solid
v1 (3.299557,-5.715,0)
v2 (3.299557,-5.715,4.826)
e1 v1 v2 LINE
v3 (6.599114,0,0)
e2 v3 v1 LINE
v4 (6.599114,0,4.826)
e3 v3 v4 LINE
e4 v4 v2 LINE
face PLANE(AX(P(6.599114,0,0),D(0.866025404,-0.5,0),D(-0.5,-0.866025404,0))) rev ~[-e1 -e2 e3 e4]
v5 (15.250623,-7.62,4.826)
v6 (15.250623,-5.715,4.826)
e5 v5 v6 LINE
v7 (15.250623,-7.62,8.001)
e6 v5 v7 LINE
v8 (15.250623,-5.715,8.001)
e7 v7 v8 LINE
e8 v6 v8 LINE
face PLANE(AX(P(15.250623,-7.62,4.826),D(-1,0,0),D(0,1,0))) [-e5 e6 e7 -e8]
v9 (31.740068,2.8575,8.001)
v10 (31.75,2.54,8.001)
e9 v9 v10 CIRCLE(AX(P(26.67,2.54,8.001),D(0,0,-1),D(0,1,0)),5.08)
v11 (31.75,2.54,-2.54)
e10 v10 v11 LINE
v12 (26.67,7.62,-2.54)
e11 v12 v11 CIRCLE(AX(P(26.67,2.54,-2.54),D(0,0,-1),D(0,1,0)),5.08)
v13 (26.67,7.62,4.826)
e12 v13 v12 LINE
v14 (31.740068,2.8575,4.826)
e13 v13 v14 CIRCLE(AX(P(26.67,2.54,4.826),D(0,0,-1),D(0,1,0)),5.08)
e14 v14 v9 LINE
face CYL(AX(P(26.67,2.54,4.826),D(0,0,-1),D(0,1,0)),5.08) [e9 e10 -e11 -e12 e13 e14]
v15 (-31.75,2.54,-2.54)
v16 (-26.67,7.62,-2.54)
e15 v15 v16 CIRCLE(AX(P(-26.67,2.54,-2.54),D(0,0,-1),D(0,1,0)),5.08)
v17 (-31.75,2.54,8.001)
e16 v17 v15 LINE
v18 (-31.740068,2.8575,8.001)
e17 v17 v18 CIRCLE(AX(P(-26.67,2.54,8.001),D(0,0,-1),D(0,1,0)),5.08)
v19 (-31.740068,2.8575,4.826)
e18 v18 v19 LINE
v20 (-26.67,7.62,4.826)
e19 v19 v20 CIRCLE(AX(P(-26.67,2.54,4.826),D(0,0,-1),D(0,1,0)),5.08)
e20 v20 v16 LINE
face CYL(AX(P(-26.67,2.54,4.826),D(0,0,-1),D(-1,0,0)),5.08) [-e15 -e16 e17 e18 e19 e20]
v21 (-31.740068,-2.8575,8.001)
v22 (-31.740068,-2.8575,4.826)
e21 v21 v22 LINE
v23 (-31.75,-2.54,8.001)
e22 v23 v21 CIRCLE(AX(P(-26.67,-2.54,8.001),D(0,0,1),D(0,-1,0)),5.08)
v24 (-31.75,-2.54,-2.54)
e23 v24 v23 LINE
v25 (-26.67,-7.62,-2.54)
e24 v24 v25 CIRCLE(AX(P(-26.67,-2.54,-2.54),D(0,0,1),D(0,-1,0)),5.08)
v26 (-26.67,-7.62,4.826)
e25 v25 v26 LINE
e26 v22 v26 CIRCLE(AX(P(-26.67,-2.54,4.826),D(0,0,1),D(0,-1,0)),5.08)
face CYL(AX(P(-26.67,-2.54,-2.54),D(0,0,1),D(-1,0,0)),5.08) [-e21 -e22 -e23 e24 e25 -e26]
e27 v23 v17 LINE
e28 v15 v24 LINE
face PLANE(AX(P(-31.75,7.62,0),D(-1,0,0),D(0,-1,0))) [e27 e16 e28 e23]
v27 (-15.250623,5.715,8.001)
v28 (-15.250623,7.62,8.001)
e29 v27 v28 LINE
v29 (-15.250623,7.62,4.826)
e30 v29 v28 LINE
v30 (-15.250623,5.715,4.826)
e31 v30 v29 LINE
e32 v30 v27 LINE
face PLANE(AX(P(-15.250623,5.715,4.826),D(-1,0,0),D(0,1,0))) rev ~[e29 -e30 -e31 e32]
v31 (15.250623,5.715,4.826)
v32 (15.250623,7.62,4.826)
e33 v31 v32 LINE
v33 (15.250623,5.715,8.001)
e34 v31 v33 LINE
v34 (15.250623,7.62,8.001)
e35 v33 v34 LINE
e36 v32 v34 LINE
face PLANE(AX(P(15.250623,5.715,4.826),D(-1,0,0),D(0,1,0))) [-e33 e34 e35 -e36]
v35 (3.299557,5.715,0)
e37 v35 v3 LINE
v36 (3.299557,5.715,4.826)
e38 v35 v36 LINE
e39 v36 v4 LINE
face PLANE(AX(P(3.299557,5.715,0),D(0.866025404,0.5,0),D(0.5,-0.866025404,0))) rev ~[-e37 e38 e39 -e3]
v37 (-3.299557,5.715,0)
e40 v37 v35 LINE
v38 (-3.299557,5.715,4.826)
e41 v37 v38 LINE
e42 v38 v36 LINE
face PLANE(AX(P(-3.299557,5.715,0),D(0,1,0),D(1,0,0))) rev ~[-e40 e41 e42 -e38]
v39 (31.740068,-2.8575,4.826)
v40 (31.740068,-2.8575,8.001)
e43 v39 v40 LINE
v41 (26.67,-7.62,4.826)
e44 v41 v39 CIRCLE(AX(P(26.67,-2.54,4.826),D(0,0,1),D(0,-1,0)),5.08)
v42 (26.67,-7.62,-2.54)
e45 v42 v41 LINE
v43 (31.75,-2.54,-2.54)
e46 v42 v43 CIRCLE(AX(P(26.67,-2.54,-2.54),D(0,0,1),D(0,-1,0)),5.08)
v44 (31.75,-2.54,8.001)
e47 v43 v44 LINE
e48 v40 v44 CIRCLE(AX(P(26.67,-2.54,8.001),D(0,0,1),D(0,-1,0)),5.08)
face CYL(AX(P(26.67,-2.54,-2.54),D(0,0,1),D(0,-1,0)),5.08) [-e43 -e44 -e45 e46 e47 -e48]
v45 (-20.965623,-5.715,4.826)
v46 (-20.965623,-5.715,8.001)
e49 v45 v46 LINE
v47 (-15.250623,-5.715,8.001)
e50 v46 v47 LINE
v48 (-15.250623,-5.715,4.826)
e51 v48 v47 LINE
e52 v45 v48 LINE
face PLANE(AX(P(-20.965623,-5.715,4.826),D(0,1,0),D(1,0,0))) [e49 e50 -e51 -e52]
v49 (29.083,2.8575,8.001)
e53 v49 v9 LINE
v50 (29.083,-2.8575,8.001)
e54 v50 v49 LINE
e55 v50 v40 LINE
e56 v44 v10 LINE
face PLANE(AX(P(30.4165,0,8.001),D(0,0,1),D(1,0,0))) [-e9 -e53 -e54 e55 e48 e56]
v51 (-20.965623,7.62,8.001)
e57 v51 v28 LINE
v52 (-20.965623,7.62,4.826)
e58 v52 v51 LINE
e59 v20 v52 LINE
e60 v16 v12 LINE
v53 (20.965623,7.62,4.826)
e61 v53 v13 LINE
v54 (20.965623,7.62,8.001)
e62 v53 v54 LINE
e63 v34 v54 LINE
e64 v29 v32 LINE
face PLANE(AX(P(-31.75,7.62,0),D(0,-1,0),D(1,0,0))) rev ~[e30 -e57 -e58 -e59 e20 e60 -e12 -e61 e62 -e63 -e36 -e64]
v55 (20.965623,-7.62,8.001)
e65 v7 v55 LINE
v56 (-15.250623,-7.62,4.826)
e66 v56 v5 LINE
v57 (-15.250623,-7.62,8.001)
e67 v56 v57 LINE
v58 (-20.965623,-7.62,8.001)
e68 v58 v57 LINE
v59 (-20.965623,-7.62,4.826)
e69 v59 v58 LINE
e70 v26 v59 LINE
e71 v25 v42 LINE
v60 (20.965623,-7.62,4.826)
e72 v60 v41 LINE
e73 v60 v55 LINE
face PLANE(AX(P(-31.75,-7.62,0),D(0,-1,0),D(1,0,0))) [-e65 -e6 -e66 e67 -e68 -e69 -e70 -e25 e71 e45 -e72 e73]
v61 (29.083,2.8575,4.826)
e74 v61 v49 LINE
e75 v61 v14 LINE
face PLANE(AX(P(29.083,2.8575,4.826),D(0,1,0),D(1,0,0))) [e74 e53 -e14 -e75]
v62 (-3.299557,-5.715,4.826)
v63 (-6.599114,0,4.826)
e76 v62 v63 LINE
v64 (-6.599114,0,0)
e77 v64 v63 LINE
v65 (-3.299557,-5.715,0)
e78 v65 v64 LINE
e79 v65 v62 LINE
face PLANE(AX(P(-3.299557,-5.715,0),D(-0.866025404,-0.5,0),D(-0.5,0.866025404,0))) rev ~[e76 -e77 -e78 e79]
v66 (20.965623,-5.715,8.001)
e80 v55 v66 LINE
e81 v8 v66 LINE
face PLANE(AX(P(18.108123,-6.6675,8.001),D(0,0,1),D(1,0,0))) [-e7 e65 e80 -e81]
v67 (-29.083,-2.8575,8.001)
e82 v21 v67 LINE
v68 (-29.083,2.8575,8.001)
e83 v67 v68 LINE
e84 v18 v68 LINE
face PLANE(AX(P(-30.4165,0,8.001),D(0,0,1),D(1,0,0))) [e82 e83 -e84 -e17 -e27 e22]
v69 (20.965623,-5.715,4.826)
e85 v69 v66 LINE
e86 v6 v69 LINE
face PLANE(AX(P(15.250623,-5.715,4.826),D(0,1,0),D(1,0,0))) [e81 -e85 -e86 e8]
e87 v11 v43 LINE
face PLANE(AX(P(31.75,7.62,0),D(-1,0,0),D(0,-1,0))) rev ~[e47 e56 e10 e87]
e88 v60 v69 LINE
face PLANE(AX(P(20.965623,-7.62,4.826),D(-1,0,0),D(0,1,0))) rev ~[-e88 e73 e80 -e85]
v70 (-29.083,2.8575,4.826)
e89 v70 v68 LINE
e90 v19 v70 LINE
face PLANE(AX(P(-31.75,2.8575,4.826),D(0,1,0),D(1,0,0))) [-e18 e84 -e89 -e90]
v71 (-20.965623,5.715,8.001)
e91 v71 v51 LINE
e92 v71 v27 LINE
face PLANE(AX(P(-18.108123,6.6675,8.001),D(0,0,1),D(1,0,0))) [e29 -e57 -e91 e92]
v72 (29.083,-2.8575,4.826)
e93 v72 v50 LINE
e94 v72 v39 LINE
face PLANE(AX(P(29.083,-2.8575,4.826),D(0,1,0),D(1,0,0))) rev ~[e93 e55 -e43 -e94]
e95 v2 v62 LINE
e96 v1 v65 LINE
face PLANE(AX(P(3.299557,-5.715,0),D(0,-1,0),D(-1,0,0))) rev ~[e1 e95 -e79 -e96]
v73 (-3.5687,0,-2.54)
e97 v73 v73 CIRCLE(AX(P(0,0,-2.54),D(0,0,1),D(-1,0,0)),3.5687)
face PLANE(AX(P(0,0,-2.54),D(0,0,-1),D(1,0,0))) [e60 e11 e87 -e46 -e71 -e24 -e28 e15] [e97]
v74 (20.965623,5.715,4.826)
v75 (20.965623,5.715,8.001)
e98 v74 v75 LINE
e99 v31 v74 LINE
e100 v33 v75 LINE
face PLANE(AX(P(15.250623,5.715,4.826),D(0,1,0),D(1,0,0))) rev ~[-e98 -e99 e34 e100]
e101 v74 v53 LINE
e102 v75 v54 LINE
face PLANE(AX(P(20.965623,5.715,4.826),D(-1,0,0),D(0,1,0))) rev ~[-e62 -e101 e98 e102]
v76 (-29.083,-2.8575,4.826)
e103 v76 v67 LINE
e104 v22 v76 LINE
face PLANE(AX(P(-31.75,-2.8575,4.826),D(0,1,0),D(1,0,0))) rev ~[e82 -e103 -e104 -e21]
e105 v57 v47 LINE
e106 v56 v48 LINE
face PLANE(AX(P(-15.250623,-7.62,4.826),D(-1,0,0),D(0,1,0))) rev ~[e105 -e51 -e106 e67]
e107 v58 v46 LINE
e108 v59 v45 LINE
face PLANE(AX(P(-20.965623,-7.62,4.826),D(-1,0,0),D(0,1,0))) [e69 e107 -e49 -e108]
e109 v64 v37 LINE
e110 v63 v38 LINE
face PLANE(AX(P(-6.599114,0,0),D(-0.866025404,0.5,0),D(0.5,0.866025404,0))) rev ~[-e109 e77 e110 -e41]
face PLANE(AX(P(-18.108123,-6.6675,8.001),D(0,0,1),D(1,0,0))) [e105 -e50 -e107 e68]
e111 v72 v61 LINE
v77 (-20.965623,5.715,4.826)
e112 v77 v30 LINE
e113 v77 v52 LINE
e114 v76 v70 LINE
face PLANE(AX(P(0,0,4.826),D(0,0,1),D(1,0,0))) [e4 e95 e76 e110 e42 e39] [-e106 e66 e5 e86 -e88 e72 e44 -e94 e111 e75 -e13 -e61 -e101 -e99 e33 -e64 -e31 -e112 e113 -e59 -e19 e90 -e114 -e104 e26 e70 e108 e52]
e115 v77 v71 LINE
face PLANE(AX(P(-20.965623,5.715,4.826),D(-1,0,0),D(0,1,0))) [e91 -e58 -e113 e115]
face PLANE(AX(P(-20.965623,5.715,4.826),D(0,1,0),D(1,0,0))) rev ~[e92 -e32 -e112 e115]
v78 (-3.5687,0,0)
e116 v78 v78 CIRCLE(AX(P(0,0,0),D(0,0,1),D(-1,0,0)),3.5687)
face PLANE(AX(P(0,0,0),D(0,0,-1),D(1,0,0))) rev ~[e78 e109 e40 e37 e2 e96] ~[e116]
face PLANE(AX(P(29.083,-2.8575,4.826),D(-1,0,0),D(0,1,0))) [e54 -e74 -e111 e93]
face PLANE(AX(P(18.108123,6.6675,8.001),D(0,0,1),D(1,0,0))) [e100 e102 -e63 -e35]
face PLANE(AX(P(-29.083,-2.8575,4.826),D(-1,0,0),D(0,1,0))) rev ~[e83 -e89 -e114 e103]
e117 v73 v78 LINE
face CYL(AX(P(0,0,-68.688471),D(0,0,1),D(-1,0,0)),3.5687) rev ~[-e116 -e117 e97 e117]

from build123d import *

# Parameters (mm, degrees)
F0_W     = 63.5
F0_H     = 15.24
F1_DEPTH = 4.826
F2_W     = 2.667
F2_H     = 5.715
F2_W_2   = 5.715
F2_H_2   = 1.905
F3_DEPTH = 3.175
F4_W     = 63.5
F4_H     = 15.24
F5_DEPTH = 2.54
F7_D     = 7.1374
F8_R     = 5.08


with BuildPart() as f1:
    # F0 (on Top) → F1 (new body)
    with BuildSketch(Plane.XY):
        Rectangle(F0_W, F0_H)
        Polygon((-3.2995567884, -5.715), (-6.5991135768, 0), (-3.2995567884, 5.715), (3.2995567884, 5.715), (6.5991135768, 0), (3.2995567884, -5.715), align=None, mode=Mode.SUBTRACT)
    extrude(amount=F1_DEPTH)

    # F2 (on face) → F3 (join)
    with BuildSketch(Plane.XY.offset(4.826)):
        with Locations((-30.4165, 0)):
            Rectangle(F2_W, F2_H)
        with Locations((-18.1081227605, -6.6675)):
            Rectangle(F2_W_2, F2_H_2)
        with Locations((18.1081227605, -6.6675)):
            Rectangle(F2_W_2, F2_H_2)
        with Locations((-18.1081227605, 6.6675)):
            Rectangle(F2_W_2, F2_H_2)
        with Locations((18.1081227605, 6.6675)):
            Rectangle(F2_W_2, F2_H_2)
        with Locations((30.4165, 0)):
            Rectangle(F2_W, F2_H)
    extrude(amount=F3_DEPTH)

    # F4 (on face) → F5 (join)
    with BuildSketch(Plane(origin=(0, 0, 0), x_dir=(1, 0, 0), z_dir=(0, 0, -1))):
        Rectangle(F4_W, F4_H)
    extrude(amount=F5_DEPTH)

    # F7 (through all)
    with Locations(Plane(origin=(0, 0, -2.54), x_dir=(1, 0, 0), z_dir=(0, 0, -1))):
        with Locations((0, 0)):
            Hole(F7_D / 2)

    # F8
    f8_edges = [f1.edges().sort_by_distance(p)[0] for p in [
        (31.75, -7.62, 1.143),
        (31.75, 7.62, 1.143),
        (-31.75, 7.62, 1.143),
        (-31.75, -7.62, 1.143),
    ]]
    fillet(f8_edges, radius=F8_R)


solid = f1.part
